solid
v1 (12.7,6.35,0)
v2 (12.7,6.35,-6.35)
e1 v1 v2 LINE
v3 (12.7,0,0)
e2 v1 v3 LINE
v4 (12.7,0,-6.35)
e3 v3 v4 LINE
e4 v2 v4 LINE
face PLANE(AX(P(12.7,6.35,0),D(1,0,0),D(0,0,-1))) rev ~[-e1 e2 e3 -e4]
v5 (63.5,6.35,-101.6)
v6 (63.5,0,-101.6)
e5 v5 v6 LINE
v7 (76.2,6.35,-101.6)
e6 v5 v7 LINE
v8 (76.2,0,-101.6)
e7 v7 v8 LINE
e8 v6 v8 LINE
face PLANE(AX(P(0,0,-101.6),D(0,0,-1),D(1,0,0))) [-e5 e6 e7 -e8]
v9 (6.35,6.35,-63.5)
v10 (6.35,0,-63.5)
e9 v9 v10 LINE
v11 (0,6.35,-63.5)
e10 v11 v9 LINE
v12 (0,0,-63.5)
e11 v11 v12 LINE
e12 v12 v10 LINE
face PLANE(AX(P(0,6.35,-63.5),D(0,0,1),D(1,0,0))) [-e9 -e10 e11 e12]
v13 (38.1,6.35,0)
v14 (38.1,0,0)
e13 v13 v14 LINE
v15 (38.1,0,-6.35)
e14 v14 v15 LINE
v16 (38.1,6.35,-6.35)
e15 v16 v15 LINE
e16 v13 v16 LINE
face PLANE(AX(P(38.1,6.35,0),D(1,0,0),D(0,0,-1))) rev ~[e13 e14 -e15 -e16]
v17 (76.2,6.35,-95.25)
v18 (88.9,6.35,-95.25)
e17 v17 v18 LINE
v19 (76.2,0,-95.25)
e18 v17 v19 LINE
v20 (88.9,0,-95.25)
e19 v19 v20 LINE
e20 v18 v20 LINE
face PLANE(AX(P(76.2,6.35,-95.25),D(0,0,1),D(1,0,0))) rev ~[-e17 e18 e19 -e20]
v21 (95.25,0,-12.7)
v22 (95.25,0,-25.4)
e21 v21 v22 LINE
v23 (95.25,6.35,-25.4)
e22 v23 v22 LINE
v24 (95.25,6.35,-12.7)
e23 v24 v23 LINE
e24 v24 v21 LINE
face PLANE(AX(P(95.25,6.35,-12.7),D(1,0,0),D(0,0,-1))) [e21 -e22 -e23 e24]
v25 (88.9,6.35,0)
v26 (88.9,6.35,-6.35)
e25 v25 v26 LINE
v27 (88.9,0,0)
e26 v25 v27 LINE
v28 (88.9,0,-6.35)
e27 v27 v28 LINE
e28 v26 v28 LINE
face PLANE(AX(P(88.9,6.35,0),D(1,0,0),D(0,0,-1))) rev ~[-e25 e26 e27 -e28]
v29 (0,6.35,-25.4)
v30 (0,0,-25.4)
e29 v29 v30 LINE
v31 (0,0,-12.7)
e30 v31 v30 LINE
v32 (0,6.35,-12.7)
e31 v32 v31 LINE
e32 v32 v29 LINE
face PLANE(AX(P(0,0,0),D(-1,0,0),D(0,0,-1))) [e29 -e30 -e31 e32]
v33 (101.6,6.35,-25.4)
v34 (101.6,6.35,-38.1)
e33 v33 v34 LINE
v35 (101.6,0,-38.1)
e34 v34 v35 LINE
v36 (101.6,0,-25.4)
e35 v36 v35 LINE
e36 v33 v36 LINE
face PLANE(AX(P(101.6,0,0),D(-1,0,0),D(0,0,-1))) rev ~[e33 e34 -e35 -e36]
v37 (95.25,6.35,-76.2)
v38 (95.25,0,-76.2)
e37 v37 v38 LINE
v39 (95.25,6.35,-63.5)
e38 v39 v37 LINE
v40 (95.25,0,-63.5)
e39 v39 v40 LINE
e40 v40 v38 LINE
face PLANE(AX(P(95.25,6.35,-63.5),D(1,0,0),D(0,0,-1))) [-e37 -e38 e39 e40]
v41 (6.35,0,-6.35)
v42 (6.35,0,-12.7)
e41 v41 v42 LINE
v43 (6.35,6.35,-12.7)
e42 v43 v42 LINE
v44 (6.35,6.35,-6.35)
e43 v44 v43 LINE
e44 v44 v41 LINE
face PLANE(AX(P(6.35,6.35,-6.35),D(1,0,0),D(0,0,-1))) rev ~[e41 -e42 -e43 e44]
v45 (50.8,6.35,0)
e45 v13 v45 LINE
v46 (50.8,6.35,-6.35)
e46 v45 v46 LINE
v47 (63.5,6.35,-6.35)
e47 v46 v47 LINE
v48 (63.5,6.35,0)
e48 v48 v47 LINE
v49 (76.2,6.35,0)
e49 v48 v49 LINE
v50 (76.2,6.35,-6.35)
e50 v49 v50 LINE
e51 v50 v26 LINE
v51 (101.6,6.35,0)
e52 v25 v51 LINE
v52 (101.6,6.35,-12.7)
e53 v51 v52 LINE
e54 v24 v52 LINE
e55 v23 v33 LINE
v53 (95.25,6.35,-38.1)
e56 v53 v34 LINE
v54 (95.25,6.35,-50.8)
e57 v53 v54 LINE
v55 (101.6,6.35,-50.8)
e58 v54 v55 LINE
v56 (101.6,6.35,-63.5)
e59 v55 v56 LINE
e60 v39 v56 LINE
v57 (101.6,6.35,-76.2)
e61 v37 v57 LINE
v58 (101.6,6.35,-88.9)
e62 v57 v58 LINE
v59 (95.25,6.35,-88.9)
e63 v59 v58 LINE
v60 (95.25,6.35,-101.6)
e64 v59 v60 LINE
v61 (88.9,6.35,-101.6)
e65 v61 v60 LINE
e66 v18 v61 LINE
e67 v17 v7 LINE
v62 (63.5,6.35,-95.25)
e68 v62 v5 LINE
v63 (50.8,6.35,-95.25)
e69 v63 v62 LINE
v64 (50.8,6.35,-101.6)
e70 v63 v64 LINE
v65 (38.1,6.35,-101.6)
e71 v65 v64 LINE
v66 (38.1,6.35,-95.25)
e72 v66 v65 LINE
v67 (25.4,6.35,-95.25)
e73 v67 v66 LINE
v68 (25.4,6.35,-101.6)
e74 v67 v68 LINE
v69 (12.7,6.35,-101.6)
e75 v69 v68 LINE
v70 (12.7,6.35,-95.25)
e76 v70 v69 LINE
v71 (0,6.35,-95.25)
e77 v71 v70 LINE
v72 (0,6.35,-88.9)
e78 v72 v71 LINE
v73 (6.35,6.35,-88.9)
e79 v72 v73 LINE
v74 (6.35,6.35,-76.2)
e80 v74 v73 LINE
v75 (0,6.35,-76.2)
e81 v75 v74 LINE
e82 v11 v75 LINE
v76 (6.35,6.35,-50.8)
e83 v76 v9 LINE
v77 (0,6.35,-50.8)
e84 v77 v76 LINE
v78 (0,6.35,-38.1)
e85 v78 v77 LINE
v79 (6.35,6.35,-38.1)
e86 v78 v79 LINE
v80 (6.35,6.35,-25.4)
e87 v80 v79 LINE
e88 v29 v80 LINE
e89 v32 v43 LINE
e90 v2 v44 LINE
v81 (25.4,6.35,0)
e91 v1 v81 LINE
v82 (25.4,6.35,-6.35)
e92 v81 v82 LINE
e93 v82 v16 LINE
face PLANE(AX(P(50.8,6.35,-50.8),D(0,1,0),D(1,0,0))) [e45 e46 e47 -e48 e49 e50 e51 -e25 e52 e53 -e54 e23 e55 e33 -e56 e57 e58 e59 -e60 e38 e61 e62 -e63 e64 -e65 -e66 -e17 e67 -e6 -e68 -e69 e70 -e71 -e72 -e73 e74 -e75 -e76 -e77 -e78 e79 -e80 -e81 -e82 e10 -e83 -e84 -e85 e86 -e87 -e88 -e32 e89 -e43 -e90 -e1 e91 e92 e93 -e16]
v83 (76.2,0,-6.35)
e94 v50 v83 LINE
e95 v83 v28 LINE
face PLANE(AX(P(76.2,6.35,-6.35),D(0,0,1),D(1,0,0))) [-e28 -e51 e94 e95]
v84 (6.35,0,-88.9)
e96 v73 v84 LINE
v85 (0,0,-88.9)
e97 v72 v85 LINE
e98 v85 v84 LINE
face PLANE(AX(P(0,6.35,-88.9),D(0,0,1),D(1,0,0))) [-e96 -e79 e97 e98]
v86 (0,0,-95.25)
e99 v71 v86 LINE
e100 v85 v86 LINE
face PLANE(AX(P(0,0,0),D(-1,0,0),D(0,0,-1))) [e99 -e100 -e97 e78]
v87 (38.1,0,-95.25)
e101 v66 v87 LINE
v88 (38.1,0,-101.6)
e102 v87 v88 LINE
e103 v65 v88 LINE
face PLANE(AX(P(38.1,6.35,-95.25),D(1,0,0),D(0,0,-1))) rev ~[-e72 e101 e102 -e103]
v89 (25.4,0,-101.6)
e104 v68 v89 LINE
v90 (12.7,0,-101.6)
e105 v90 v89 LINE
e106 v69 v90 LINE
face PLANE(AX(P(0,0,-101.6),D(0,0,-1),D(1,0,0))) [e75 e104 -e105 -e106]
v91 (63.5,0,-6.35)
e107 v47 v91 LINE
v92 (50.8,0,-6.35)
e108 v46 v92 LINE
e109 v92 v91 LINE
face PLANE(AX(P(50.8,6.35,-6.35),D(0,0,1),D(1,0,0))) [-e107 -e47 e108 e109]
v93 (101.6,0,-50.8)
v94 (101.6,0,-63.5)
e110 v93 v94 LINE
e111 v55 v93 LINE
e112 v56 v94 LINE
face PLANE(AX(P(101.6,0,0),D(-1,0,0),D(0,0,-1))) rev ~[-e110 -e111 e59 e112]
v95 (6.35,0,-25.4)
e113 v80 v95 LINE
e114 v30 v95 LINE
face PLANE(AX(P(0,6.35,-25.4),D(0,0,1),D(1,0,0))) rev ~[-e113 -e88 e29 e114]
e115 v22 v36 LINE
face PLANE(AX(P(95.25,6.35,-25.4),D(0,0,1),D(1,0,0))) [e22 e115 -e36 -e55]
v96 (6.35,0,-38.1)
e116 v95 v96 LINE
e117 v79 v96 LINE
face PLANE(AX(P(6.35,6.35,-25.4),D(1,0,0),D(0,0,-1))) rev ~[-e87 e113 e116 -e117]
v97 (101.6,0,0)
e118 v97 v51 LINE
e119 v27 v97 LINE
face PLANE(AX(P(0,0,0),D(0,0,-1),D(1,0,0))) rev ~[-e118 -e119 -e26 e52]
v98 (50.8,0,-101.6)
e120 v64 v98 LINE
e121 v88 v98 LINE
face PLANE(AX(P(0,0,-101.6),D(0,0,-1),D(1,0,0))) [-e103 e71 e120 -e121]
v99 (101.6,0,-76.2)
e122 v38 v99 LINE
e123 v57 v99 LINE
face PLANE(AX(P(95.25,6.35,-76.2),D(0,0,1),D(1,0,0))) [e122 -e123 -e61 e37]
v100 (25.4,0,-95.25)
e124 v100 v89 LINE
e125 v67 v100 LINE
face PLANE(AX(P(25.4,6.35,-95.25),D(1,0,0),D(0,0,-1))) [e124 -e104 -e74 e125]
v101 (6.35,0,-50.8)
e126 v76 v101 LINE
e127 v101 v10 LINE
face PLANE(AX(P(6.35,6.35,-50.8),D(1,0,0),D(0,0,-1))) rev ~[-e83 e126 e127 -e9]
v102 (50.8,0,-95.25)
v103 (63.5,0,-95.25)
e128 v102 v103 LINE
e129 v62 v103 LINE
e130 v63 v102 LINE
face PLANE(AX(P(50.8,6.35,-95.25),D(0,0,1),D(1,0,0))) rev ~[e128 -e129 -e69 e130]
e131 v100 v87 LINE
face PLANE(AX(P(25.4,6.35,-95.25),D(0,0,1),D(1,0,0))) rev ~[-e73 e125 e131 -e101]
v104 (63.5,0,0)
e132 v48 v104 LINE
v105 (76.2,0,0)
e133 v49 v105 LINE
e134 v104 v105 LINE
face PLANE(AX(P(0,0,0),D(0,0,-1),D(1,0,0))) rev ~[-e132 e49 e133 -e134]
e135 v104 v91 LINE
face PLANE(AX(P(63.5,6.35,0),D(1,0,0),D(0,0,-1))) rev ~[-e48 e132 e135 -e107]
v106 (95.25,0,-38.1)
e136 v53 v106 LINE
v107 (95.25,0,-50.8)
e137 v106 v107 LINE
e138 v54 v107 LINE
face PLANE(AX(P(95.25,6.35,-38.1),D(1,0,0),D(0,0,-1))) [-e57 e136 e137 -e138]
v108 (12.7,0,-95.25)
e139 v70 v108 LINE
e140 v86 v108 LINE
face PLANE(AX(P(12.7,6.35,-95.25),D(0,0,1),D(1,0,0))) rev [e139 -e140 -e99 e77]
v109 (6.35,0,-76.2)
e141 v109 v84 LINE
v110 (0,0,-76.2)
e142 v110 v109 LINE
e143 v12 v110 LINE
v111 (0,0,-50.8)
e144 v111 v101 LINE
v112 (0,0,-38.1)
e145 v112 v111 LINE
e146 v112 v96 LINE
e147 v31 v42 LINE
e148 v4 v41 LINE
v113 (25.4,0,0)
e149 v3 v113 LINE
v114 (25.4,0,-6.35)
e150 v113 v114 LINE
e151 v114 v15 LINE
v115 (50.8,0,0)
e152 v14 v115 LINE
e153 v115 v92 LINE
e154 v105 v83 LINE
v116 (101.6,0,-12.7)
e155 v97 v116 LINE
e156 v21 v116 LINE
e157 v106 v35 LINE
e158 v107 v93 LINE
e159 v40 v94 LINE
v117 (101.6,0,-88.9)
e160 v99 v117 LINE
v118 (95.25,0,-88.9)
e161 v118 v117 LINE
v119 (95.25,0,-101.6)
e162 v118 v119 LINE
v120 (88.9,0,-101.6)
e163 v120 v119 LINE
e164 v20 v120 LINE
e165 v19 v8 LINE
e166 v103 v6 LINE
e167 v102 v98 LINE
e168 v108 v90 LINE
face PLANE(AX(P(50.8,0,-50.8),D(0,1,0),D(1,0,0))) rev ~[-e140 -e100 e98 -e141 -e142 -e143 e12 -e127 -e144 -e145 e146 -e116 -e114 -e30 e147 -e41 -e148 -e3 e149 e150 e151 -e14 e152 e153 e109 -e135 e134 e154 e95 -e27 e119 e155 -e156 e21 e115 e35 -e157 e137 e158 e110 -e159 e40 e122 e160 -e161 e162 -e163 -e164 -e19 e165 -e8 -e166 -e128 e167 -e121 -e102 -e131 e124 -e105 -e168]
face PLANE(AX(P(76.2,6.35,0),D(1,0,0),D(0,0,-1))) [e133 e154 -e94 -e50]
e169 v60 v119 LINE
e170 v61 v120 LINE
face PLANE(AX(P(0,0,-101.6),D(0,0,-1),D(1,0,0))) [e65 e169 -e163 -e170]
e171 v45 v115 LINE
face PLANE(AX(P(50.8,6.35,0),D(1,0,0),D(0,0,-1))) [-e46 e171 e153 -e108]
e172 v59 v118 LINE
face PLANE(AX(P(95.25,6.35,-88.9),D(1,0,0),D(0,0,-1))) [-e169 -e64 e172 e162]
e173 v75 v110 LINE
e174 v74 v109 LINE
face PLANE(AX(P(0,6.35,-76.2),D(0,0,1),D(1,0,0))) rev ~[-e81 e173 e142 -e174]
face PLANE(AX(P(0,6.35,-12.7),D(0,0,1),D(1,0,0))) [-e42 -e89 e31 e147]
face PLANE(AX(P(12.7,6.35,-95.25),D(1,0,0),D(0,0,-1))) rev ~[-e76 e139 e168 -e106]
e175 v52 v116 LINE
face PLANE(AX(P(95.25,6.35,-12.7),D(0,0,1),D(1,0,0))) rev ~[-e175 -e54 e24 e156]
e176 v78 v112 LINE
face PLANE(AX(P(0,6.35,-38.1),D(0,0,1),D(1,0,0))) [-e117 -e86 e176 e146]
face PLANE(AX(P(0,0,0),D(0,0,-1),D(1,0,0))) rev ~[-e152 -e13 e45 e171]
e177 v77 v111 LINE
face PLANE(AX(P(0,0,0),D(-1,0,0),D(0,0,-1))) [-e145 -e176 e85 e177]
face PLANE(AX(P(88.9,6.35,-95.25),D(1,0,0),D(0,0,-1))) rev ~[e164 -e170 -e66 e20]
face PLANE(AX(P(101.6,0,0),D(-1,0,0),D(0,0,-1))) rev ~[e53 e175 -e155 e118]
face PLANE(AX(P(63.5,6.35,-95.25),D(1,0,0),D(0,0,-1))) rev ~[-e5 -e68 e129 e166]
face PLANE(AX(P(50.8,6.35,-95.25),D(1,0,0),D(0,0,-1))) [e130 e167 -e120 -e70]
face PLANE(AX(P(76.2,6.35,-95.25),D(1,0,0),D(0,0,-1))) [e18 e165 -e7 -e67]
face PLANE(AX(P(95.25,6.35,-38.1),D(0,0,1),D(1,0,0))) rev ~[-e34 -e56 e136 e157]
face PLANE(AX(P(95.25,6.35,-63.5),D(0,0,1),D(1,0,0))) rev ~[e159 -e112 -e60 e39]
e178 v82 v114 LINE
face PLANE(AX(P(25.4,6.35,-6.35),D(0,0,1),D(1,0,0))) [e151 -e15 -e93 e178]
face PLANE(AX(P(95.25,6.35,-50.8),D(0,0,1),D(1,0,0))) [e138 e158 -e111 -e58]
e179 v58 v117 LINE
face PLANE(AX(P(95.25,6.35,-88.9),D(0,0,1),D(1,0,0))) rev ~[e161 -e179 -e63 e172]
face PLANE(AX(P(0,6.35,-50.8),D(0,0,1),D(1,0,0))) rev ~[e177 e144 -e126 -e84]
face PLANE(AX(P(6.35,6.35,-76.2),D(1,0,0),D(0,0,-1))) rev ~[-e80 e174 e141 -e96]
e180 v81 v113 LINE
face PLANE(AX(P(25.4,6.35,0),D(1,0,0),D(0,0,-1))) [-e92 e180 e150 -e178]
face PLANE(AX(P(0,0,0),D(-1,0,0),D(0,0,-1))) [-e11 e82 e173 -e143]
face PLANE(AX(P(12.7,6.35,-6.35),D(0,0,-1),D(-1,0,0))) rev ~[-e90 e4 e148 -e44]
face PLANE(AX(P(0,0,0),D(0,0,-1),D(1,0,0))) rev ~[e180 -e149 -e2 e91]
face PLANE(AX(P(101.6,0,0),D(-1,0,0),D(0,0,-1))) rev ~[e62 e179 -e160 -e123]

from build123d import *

# Parameters (mm, degrees)
SKETCH1_W           = 101.6
SKETCH1_H           = 101.6
BOSS_EXTRUDE1_DEPTH = 6.35
SKETCH2_W           = 6.35
SKETCH2_H           = 12.7
SKETCH2_H_2         = 6.35
CUT_EXTRUDE1_DEPTH  = 6.35
SKETCH2_3_W         = 6.35
SKETCH2_3_H         = 6.35
SKETCH2_3_W_2       = 12.7
CUT_EXTRUDE2_DEPTH  = 6.35


with BuildPart() as part:
    # Sketch1 → Boss-Extrude1 (new body)
    with BuildSketch(Plane(origin=(0, 0, 0), x_dir=(1, 0, 0), z_dir=(0, 1, 0))):
        with Locations((50.8, 50.8)):
            Rectangle(SKETCH1_W, SKETCH1_H)
    extrude(amount=BOSS_EXTRUDE1_DEPTH)

    # Sketch2 → Cut-Extrude1 (cut)
    with BuildSketch(Plane(origin=(0, 6.35, 0), x_dir=(1, 0, 0), z_dir=(0, 1, 0))):
        with Locations((3.175, 82.55)):
            Rectangle(SKETCH2_W, SKETCH2_H)
        with Locations((3.175, 57.15)):
            Rectangle(SKETCH2_W, SKETCH2_H)
        with Locations((3.175, 31.75)):
            Rectangle(SKETCH2_W, SKETCH2_H)
        with Locations((3.175, 9.525)):
            Rectangle(SKETCH2_W, SKETCH2_H_2)
        with Locations((98.425, 95.25)):
            Rectangle(SKETCH2_W, SKETCH2_H)
        with Locations((98.425, 69.85)):
            Rectangle(SKETCH2_W, SKETCH2_H)
        with Locations((98.425, 44.45)):
            Rectangle(SKETCH2_W, SKETCH2_H)
        with Locations((98.425, 19.05)):
            Rectangle(SKETCH2_W, SKETCH2_H)
    extrude(amount=-CUT_EXTRUDE1_DEPTH, mode=Mode.SUBTRACT)

    # Sketch2<3> → Cut-Extrude2 (cut)
    with BuildSketch(Plane(origin=(0, 6.35, 0), x_dir=(1, 0, 0), z_dir=(0, 1, 0))):
        with Locations((9.525, 98.425)):
            Rectangle(SKETCH2_3_W, SKETCH2_3_H)
        with Locations((31.75, 98.425)):
            Rectangle(SKETCH2_3_W_2, SKETCH2_3_H)
        with Locations((57.15, 98.425)):
            Rectangle(SKETCH2_3_W_2, SKETCH2_3_H)
        with Locations((6.35, 3.175)):
            Rectangle(SKETCH2_3_W_2, SKETCH2_3_H)
        with Locations((82.55, 98.425)):
            Rectangle(SKETCH2_3_W_2, SKETCH2_3_H)
        with Locations((31.75, 3.175)):
            Rectangle(SKETCH2_3_W_2, SKETCH2_3_H)
        with Locations((57.15, 3.175)):
            Rectangle(SKETCH2_3_W_2, SKETCH2_3_H)
        with Locations((82.55, 3.175)):
            Rectangle(SKETCH2_3_W_2, SKETCH2_3_H)
    cut_extrude2 = extrude(amount=-CUT_EXTRUDE2_DEPTH, mode=Mode.SUBTRACT)

    # Mirror2: Cut-Extrude2 across plane
    add(cut_extrude2.mirror(Plane(origin=(0, 0, -50.8), x_dir=(1, 0, 0), z_dir=(0, 0, -1))), mode=Mode.SUBTRACT)


solid = part.part
